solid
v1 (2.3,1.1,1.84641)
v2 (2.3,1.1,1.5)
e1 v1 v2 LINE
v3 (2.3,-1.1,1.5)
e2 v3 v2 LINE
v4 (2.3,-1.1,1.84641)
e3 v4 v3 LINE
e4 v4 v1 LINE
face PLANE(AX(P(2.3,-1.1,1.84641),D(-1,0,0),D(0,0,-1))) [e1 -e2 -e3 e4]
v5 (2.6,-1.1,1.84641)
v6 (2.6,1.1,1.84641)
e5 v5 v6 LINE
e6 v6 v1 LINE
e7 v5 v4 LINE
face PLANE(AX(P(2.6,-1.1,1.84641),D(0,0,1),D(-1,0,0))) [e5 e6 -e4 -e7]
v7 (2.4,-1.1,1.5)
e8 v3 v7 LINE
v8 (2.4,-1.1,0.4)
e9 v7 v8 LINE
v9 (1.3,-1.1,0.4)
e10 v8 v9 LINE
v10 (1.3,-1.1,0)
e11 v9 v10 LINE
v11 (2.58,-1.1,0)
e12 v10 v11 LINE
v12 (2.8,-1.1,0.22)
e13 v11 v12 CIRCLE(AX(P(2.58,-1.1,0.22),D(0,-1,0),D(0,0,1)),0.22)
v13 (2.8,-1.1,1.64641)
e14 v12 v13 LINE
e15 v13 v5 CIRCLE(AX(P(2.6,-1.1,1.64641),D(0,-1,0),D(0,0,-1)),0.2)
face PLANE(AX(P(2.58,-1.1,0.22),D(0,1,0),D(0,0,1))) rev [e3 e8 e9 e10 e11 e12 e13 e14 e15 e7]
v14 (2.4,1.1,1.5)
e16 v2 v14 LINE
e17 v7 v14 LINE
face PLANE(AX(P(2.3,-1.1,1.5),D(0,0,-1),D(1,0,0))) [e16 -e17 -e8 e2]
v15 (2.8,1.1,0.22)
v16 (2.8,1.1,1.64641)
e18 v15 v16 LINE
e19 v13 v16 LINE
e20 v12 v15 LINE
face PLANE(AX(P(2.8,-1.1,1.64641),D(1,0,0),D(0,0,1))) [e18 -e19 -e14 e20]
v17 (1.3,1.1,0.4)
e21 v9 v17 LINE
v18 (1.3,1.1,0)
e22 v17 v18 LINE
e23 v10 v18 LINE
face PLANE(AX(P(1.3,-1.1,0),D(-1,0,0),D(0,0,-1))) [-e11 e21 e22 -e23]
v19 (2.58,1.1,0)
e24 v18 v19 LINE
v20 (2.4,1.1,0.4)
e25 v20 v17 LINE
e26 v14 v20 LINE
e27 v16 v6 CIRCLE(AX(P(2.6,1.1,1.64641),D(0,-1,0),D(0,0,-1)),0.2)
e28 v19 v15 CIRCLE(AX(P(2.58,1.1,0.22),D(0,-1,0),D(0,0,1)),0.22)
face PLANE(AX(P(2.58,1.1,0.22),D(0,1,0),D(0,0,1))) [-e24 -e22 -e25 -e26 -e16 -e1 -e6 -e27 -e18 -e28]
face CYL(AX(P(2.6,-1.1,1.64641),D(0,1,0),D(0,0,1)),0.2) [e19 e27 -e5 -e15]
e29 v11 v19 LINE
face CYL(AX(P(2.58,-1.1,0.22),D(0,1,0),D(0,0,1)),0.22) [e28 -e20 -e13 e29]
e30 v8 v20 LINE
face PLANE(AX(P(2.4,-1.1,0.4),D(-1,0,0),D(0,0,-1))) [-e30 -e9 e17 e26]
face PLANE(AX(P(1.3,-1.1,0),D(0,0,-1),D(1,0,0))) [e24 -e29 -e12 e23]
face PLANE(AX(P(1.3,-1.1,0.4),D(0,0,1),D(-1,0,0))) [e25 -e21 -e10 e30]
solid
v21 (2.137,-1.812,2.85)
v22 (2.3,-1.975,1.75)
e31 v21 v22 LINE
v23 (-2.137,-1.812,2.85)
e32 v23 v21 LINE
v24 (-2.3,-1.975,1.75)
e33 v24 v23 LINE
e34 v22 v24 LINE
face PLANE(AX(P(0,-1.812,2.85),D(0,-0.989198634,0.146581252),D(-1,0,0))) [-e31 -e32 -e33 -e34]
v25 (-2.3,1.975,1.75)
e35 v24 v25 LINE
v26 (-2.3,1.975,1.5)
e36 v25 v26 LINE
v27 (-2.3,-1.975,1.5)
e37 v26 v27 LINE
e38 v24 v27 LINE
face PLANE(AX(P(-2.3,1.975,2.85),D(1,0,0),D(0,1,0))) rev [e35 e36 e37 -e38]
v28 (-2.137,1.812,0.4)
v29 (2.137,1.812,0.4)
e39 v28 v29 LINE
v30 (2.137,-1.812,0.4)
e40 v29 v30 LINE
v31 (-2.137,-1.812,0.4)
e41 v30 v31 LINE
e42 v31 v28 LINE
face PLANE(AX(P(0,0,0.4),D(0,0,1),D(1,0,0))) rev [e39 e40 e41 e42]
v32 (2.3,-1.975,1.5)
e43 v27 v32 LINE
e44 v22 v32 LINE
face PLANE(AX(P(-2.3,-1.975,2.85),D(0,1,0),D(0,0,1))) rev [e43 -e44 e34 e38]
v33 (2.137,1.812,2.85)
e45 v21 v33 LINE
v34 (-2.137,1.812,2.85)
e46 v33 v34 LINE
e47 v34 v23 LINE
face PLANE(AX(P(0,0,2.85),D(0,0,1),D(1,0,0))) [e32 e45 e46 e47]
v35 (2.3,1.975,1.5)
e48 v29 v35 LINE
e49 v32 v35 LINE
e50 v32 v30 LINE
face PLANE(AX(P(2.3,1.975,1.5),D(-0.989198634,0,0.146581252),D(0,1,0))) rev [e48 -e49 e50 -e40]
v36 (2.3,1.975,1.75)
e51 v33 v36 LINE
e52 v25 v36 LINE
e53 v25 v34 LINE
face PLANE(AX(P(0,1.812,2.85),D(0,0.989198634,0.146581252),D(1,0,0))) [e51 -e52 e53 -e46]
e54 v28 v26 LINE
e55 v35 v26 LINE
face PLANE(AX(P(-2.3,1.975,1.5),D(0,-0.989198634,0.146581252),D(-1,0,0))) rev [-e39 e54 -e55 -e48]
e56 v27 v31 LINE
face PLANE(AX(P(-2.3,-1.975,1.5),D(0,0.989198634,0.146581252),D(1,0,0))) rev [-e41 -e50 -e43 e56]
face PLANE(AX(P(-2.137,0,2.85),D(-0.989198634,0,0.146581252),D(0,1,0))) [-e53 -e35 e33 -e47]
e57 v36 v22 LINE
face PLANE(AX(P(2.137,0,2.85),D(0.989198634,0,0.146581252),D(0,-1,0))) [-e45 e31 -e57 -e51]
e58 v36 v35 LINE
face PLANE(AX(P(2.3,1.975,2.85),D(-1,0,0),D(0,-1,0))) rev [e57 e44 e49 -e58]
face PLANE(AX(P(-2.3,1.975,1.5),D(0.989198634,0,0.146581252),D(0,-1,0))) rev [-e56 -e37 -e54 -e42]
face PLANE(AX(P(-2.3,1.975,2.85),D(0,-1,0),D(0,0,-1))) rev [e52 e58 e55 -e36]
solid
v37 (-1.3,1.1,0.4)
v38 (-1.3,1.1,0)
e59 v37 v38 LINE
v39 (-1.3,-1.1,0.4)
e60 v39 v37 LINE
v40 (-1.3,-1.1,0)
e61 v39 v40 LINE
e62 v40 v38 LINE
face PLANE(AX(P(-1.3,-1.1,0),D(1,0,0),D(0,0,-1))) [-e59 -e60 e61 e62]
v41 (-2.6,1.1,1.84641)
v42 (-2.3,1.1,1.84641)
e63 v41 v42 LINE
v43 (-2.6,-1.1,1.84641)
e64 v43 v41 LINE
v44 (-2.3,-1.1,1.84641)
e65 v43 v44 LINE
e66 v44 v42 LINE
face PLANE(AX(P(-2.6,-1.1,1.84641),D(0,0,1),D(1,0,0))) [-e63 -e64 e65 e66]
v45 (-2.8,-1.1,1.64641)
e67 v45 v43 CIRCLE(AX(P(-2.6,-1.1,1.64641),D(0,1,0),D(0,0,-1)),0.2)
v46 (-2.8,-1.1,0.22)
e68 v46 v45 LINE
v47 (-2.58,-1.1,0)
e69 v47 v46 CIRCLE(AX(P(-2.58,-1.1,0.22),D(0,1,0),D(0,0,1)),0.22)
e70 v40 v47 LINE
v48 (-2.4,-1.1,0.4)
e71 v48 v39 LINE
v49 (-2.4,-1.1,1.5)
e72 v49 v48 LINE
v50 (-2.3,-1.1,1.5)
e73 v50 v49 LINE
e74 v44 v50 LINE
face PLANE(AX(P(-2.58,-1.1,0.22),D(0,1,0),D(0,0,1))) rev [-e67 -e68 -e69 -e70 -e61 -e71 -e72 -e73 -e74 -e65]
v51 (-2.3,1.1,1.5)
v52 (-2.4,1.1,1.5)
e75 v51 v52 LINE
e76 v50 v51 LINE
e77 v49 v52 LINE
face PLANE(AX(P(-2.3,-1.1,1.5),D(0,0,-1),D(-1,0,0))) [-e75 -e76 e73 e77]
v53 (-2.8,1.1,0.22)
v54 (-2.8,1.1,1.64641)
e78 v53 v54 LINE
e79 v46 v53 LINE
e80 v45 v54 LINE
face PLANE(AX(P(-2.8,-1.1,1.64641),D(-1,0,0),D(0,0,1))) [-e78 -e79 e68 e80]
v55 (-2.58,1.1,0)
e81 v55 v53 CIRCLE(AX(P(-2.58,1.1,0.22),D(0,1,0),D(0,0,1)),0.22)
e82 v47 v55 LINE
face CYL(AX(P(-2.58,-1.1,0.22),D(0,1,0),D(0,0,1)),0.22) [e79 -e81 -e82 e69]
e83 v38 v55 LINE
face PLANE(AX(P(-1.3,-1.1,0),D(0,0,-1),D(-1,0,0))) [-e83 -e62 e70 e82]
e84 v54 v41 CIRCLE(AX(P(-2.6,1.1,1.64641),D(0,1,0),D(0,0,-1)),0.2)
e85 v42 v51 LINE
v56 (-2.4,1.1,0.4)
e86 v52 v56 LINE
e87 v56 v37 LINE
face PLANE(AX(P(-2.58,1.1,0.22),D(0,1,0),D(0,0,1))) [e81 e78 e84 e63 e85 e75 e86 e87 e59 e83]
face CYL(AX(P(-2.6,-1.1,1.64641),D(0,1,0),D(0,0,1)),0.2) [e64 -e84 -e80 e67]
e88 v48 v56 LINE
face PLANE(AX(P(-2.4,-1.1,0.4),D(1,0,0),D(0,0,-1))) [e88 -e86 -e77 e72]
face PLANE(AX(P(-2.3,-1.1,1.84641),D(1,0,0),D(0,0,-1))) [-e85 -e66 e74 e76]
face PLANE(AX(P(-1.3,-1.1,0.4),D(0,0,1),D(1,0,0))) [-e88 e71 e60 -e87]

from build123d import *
from OCP.BRepFilletAPI import BRepFilletAPI_MakeChamfer

# Parameters (mm, degrees)
SKETCH_1_W           = 4.6
SKETCH_1_H           = 3.95
EXTRUDE_1_DEPTH      = 2.45
CHAMFER_1_SIZE       = 1.1
CHAMFER_1_SIZE2      = 0.163
CHAMFER_2_SIZE       = 0.163
CHAMFER_2_SIZE2      = 1.1
EXTRUDE_2_DEPTH      = 1.1
EXTRUDE_2_DEPTH_BACK = 1.1


with BuildPart() as part:
    # Эскиз1 → Бобышка-Вытянуть1 (new body)
    with BuildSketch(Plane.XY.offset(0.4)):
        Rectangle(SKETCH_1_W, SKETCH_1_H)
    extrude(amount=EXTRUDE_1_DEPTH)

    # Фаска1: one chamfer whose edges measure the first distance from different faces: ONE call of the kernel's chamfer builder (chamfer() names one face for all edges)
    chamfer_1_edges_1 = [part.edges().sort_by_distance(p)[0] for p in [
        (-2.3, 0, 2.85),
    ]]
    chamfer_1_side_1 = [part.faces().sort_by_distance(p)[0] for p in [
        (-2.3, 0, 1.625),
    ]]
    chamfer_1_edges_2 = [part.edges().sort_by_distance(p)[0] for p in [
        (0, -1.975, 2.85),
    ]]
    chamfer_1_side_2 = [part.faces().sort_by_distance(p)[0] for p in [
        (0, -1.975, 1.625),
    ]]
    chamfer_1_edges_3 = [part.edges().sort_by_distance(p)[0] for p in [
        (2.3, 0, 2.85),
    ]]
    chamfer_1_side_3 = [part.faces().sort_by_distance(p)[0] for p in [
        (2.3, 0, 1.625),
    ]]
    chamfer_1_edges_4 = [part.edges().sort_by_distance(p)[0] for p in [
        (0, 1.975, 2.85),
    ]]
    chamfer_1_side_4 = [part.faces().sort_by_distance(p)[0] for p in [
        (0, 1.975, 1.625),
    ]]
    chamfer_1 = BRepFilletAPI_MakeChamfer(part.part.solid().wrapped)
    for e in chamfer_1_edges_1:
        chamfer_1.Add(CHAMFER_1_SIZE, CHAMFER_1_SIZE2, e.wrapped, chamfer_1_side_1[0].wrapped)  # the first distance lies on this face
    for e in chamfer_1_edges_2:
        chamfer_1.Add(CHAMFER_1_SIZE, CHAMFER_1_SIZE2, e.wrapped, chamfer_1_side_2[0].wrapped)  # the first distance lies on this face
    for e in chamfer_1_edges_3:
        chamfer_1.Add(CHAMFER_1_SIZE, CHAMFER_1_SIZE2, e.wrapped, chamfer_1_side_3[0].wrapped)  # the first distance lies on this face
    for e in chamfer_1_edges_4:
        chamfer_1.Add(CHAMFER_1_SIZE, CHAMFER_1_SIZE2, e.wrapped, chamfer_1_side_4[0].wrapped)  # the first distance lies on this face
    add(Compound.cast(chamfer_1.Shape()), mode=Mode.REPLACE)

    # Фаска2
    chamfer_2_edges = [part.edges().sort_by_distance(p)[0] for p in [
        (0, -1.975, 0.4),
        (-2.3, 0, 0.4),
        (0, 1.975, 0.4),
        (2.3, 0, 0.4),
    ]]
    chamfer_2_side = [part.faces().sort_by_distance(p)[0] for p in [
        (0, 0, 0.4),
    ]]
    chamfer(chamfer_2_edges, length=CHAMFER_2_SIZE, length2=CHAMFER_2_SIZE2, reference=chamfer_2_side[0])


with BuildPart() as body_2:
    # Эскиз2 → Бобышка-Вытянуть2 (new, two sides: drawn at the far end of the back side and taken through both)
    with BuildSketch(Plane(origin=(0, 0, 0), x_dir=(1, 0, 0), z_dir=(0, 1, 0)).offset(-EXTRUDE_2_DEPTH_BACK)):
        with BuildLine():
            Line((-2.4, -0.4), (-2.4, -1.5))
            Line((-2.4, -1.5), (-2.3, -1.5))
            Line((-2.3, -1.5), (-2.3, -1.846410162))
            Line((-2.3, -1.846410162), (-2.6, -1.846410162))
            ThreePointArc((-2.6, -1.846410162), (-2.741421356, -1.787831518), (-2.8, -1.646410162))
            Line((-2.8, -1.646410162), (-2.8, -0.22))
            ThreePointArc((-2.8, -0.22), (-2.735563492, -0.064436508), (-2.58, 0))
            Line((-2.58, 0), (-1.3, 0))
            Line((-1.3, 0), (-1.3, -0.4))
            Line((-1.3, -0.4), (-2.4, -0.4))
        make_face()
    extrude(amount=EXTRUDE_2_DEPTH + EXTRUDE_2_DEPTH_BACK)


with BuildPart() as body_3:
    # Зеркальное отражение1: mirrored copy
    add(body_2.part.mirror(Plane(origin=(0, 0, 0), x_dir=(0, 0, 1), z_dir=(1, 0, 0))))


solid = Compound([part.part, body_2.part, body_3.part])
